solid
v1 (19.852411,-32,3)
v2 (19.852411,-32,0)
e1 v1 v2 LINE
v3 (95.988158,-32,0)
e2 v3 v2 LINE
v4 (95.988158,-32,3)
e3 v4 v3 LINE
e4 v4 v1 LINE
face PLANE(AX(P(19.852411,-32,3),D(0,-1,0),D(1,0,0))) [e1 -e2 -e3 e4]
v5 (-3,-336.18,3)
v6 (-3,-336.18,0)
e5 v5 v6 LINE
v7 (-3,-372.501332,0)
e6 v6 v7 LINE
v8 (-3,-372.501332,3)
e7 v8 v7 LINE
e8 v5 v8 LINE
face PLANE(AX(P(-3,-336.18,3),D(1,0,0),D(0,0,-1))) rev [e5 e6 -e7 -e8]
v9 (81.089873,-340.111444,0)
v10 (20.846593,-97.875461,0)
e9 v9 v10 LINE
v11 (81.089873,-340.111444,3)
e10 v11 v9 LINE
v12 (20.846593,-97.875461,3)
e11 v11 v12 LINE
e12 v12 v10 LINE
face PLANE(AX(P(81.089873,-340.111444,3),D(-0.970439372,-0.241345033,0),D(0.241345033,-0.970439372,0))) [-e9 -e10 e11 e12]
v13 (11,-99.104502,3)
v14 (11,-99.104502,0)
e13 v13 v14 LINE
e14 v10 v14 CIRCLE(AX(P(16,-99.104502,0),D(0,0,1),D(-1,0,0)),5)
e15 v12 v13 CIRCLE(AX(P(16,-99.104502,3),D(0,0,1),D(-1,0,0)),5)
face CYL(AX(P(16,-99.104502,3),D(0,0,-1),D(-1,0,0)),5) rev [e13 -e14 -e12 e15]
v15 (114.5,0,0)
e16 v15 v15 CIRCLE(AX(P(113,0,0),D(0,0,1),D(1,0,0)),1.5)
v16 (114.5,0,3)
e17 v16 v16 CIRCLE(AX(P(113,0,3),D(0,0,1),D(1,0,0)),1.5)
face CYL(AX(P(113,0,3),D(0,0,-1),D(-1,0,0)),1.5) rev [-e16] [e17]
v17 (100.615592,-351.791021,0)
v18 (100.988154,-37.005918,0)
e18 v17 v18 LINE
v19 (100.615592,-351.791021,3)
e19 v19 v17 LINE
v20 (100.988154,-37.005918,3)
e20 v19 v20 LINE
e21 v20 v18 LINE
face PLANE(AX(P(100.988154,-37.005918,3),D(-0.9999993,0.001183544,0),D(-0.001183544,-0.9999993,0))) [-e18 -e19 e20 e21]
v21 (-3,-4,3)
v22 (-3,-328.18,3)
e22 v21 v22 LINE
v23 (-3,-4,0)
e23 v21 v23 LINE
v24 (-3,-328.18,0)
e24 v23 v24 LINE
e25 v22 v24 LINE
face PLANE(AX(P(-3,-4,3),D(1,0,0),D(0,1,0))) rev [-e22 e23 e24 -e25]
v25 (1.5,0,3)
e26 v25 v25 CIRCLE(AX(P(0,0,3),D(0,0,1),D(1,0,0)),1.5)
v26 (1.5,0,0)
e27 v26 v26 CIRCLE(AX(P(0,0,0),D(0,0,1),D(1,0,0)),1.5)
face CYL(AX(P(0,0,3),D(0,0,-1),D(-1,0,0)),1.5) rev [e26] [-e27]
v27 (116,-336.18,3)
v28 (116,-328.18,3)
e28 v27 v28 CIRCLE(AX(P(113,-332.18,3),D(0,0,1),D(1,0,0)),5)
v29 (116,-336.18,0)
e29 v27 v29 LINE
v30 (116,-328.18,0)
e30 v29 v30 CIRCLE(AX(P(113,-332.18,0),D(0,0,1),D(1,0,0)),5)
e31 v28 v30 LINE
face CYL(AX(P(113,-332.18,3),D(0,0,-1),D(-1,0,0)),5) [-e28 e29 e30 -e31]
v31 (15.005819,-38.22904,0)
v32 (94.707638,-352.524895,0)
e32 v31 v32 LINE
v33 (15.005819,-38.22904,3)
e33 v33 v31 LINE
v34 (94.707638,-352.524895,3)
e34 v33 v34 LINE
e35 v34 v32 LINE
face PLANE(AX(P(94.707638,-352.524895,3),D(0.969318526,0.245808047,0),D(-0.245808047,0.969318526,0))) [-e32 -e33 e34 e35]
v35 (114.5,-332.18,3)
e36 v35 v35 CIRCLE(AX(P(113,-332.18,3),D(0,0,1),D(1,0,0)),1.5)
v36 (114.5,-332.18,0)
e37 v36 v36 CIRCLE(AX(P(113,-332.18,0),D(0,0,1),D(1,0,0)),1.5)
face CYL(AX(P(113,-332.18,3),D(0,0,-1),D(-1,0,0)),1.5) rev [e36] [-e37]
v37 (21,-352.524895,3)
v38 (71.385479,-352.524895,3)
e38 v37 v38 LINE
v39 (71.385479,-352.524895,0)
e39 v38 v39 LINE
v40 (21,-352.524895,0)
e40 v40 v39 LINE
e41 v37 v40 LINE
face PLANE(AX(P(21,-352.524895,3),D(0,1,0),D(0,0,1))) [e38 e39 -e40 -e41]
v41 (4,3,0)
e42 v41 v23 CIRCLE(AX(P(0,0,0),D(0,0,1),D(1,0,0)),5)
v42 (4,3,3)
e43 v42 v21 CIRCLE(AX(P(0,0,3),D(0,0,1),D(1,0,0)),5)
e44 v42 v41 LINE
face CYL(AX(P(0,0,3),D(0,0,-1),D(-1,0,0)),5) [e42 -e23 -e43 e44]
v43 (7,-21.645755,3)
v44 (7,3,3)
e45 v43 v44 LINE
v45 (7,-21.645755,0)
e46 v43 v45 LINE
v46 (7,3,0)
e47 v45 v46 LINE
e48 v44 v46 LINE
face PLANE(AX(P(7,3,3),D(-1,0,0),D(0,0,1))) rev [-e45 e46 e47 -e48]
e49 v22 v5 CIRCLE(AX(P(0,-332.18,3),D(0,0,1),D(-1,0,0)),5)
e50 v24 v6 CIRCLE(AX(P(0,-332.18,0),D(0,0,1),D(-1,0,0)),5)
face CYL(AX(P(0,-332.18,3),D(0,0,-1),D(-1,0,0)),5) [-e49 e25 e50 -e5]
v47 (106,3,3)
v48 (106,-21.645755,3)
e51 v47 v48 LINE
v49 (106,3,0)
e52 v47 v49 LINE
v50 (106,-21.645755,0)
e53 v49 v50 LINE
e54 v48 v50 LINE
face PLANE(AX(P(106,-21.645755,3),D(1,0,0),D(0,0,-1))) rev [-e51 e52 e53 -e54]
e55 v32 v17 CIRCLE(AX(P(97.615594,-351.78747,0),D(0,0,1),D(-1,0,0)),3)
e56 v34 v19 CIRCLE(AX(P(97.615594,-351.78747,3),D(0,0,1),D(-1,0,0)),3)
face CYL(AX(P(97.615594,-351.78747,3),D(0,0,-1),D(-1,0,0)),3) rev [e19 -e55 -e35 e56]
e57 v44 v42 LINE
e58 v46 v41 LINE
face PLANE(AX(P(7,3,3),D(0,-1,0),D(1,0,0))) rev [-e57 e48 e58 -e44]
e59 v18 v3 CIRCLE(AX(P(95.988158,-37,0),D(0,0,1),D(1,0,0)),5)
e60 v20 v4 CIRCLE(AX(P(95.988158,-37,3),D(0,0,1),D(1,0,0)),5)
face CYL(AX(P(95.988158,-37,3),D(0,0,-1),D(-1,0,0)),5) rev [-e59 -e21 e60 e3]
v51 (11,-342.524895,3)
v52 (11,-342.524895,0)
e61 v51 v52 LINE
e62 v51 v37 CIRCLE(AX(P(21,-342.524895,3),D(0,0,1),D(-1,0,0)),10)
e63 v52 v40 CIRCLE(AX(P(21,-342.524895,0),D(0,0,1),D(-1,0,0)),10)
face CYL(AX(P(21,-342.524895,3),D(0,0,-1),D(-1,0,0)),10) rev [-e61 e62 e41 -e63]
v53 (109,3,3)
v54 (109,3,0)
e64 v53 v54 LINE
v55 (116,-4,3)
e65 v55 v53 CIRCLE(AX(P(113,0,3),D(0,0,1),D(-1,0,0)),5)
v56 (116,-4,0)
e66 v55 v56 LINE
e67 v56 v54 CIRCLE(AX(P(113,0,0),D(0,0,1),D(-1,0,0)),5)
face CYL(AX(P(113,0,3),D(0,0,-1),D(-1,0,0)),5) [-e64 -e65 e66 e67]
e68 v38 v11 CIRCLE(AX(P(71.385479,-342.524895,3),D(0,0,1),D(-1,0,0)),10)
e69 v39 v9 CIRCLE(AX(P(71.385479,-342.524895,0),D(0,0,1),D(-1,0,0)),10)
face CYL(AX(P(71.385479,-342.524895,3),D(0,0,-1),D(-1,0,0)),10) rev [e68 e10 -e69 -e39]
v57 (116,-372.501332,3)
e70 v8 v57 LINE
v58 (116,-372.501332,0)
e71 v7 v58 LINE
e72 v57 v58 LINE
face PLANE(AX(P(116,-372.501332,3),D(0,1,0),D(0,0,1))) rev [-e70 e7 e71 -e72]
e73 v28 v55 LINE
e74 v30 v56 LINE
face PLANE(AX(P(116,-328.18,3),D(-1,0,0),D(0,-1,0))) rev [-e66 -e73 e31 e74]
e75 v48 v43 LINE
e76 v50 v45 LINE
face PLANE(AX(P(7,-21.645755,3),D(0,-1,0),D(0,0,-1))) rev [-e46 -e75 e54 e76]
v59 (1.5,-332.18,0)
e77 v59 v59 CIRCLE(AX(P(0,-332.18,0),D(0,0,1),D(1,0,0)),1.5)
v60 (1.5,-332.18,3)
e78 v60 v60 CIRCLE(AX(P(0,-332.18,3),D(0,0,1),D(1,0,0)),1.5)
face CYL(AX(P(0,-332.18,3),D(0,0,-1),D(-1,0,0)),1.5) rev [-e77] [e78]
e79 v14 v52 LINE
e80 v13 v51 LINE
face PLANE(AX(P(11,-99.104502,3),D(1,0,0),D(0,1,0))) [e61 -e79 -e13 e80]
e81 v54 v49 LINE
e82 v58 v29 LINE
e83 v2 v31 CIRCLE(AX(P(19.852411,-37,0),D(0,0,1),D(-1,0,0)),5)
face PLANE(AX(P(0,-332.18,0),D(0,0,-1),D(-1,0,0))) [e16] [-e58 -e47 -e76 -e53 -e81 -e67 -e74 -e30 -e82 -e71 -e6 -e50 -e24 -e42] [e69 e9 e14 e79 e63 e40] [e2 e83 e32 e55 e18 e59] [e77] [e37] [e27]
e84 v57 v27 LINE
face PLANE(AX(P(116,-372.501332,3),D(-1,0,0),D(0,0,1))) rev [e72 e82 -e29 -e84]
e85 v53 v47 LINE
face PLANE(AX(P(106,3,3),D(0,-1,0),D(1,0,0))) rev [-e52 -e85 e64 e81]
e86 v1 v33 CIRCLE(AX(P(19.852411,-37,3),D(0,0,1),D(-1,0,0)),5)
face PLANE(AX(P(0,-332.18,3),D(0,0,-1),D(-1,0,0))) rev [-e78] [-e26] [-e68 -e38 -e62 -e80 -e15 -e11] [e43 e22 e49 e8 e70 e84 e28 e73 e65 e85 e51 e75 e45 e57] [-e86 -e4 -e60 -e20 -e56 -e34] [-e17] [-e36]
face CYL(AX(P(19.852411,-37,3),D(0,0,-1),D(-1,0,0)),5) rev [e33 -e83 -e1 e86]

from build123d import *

# Parameters (mm, degrees)
SKETCH_1_R      = 1.5
EXTRUDE_1_DEPTH = 3


with BuildPart() as part:
    # 草图1 → 凸台-拉伸1 (new body)
    with BuildSketch(Plane.XY):
        with BuildLine():
            Line((-3, -336.18), (-3, -372.501331749))
            Line((-3, -372.501331749), (116, -372.501331749))
            Line((116, -372.501331749), (116, -336.18))
            ThreePointArc((116, -336.18), (118, -332.18), (116, -328.18))
            Line((116, -328.18), (116, -4))
            ThreePointArc((116, -4), (116.535533906, 3.535533906), (109, 3))
            Line((109, 3), (106, 3))
            Line((106, 3), (106, -21.645755349))
            Line((106, -21.645755349), (7, -21.645755349))
            Line((7, -21.645755349), (7, 3))
            Line((7, 3), (4, 3))
            ThreePointArc((4, 3), (-3.535533906, 3.535533906), (-3, -4))
            Line((-3, -4), (-3, -328.18))
            ThreePointArc((-3, -328.18), (-5, -332.18), (-3, -336.18))
        make_face()
        Circle(SKETCH_1_R, mode=Mode.SUBTRACT)
        with Locations((113, 0)):
            Circle(SKETCH_1_R, mode=Mode.SUBTRACT)
        with Locations((0, -332.18)):
            Circle(SKETCH_1_R, mode=Mode.SUBTRACT)
        with Locations((113, -332.18)):
            Circle(SKETCH_1_R, mode=Mode.SUBTRACT)
        with BuildLine():
            Line((11, -99.104501604), (11, -342.524894505))
            ThreePointArc((11, -342.524894505), (13.928932188, -349.595962317), (21, -352.524894505))
            Line((21, -352.524894505), (71.385479273, -352.524894505))
            ThreePointArc((71.385479273, -352.524894505), (79.263756472, -348.683851265), (81.089872995, -340.111444179))
            Line((81.089872995, -340.111444179), (20.846592628, -97.875461369))
            ThreePointArc((20.846592628, -97.875461369), (15.380711351, -94.143001673), (11, -99.104501604))
        make_face(mode=Mode.SUBTRACT)
        with BuildLine():
            Line((100.988154046, -37.00591772), (100.615591755, -351.791020996))
            ThreePointArc((100.615591755, -351.791020996), (97.985405334, -354.764589688), (94.70763828, -352.524894505))
            Line((94.70763828, -352.524894505), (15.005818776, -38.229040236))
            ThreePointArc((15.005818776, -38.229040236), (15.906197954, -33.929592957), (19.852411404, -32))
            Line((19.852411404, -32), (95.988157548, -32))
            ThreePointArc((95.988157548, -32), (99.525783065, -33.466558944), (100.988154046, -37.00591772))
        make_face(mode=Mode.SUBTRACT)
    extrude(amount=EXTRUDE_1_DEPTH)


solid = part.part
